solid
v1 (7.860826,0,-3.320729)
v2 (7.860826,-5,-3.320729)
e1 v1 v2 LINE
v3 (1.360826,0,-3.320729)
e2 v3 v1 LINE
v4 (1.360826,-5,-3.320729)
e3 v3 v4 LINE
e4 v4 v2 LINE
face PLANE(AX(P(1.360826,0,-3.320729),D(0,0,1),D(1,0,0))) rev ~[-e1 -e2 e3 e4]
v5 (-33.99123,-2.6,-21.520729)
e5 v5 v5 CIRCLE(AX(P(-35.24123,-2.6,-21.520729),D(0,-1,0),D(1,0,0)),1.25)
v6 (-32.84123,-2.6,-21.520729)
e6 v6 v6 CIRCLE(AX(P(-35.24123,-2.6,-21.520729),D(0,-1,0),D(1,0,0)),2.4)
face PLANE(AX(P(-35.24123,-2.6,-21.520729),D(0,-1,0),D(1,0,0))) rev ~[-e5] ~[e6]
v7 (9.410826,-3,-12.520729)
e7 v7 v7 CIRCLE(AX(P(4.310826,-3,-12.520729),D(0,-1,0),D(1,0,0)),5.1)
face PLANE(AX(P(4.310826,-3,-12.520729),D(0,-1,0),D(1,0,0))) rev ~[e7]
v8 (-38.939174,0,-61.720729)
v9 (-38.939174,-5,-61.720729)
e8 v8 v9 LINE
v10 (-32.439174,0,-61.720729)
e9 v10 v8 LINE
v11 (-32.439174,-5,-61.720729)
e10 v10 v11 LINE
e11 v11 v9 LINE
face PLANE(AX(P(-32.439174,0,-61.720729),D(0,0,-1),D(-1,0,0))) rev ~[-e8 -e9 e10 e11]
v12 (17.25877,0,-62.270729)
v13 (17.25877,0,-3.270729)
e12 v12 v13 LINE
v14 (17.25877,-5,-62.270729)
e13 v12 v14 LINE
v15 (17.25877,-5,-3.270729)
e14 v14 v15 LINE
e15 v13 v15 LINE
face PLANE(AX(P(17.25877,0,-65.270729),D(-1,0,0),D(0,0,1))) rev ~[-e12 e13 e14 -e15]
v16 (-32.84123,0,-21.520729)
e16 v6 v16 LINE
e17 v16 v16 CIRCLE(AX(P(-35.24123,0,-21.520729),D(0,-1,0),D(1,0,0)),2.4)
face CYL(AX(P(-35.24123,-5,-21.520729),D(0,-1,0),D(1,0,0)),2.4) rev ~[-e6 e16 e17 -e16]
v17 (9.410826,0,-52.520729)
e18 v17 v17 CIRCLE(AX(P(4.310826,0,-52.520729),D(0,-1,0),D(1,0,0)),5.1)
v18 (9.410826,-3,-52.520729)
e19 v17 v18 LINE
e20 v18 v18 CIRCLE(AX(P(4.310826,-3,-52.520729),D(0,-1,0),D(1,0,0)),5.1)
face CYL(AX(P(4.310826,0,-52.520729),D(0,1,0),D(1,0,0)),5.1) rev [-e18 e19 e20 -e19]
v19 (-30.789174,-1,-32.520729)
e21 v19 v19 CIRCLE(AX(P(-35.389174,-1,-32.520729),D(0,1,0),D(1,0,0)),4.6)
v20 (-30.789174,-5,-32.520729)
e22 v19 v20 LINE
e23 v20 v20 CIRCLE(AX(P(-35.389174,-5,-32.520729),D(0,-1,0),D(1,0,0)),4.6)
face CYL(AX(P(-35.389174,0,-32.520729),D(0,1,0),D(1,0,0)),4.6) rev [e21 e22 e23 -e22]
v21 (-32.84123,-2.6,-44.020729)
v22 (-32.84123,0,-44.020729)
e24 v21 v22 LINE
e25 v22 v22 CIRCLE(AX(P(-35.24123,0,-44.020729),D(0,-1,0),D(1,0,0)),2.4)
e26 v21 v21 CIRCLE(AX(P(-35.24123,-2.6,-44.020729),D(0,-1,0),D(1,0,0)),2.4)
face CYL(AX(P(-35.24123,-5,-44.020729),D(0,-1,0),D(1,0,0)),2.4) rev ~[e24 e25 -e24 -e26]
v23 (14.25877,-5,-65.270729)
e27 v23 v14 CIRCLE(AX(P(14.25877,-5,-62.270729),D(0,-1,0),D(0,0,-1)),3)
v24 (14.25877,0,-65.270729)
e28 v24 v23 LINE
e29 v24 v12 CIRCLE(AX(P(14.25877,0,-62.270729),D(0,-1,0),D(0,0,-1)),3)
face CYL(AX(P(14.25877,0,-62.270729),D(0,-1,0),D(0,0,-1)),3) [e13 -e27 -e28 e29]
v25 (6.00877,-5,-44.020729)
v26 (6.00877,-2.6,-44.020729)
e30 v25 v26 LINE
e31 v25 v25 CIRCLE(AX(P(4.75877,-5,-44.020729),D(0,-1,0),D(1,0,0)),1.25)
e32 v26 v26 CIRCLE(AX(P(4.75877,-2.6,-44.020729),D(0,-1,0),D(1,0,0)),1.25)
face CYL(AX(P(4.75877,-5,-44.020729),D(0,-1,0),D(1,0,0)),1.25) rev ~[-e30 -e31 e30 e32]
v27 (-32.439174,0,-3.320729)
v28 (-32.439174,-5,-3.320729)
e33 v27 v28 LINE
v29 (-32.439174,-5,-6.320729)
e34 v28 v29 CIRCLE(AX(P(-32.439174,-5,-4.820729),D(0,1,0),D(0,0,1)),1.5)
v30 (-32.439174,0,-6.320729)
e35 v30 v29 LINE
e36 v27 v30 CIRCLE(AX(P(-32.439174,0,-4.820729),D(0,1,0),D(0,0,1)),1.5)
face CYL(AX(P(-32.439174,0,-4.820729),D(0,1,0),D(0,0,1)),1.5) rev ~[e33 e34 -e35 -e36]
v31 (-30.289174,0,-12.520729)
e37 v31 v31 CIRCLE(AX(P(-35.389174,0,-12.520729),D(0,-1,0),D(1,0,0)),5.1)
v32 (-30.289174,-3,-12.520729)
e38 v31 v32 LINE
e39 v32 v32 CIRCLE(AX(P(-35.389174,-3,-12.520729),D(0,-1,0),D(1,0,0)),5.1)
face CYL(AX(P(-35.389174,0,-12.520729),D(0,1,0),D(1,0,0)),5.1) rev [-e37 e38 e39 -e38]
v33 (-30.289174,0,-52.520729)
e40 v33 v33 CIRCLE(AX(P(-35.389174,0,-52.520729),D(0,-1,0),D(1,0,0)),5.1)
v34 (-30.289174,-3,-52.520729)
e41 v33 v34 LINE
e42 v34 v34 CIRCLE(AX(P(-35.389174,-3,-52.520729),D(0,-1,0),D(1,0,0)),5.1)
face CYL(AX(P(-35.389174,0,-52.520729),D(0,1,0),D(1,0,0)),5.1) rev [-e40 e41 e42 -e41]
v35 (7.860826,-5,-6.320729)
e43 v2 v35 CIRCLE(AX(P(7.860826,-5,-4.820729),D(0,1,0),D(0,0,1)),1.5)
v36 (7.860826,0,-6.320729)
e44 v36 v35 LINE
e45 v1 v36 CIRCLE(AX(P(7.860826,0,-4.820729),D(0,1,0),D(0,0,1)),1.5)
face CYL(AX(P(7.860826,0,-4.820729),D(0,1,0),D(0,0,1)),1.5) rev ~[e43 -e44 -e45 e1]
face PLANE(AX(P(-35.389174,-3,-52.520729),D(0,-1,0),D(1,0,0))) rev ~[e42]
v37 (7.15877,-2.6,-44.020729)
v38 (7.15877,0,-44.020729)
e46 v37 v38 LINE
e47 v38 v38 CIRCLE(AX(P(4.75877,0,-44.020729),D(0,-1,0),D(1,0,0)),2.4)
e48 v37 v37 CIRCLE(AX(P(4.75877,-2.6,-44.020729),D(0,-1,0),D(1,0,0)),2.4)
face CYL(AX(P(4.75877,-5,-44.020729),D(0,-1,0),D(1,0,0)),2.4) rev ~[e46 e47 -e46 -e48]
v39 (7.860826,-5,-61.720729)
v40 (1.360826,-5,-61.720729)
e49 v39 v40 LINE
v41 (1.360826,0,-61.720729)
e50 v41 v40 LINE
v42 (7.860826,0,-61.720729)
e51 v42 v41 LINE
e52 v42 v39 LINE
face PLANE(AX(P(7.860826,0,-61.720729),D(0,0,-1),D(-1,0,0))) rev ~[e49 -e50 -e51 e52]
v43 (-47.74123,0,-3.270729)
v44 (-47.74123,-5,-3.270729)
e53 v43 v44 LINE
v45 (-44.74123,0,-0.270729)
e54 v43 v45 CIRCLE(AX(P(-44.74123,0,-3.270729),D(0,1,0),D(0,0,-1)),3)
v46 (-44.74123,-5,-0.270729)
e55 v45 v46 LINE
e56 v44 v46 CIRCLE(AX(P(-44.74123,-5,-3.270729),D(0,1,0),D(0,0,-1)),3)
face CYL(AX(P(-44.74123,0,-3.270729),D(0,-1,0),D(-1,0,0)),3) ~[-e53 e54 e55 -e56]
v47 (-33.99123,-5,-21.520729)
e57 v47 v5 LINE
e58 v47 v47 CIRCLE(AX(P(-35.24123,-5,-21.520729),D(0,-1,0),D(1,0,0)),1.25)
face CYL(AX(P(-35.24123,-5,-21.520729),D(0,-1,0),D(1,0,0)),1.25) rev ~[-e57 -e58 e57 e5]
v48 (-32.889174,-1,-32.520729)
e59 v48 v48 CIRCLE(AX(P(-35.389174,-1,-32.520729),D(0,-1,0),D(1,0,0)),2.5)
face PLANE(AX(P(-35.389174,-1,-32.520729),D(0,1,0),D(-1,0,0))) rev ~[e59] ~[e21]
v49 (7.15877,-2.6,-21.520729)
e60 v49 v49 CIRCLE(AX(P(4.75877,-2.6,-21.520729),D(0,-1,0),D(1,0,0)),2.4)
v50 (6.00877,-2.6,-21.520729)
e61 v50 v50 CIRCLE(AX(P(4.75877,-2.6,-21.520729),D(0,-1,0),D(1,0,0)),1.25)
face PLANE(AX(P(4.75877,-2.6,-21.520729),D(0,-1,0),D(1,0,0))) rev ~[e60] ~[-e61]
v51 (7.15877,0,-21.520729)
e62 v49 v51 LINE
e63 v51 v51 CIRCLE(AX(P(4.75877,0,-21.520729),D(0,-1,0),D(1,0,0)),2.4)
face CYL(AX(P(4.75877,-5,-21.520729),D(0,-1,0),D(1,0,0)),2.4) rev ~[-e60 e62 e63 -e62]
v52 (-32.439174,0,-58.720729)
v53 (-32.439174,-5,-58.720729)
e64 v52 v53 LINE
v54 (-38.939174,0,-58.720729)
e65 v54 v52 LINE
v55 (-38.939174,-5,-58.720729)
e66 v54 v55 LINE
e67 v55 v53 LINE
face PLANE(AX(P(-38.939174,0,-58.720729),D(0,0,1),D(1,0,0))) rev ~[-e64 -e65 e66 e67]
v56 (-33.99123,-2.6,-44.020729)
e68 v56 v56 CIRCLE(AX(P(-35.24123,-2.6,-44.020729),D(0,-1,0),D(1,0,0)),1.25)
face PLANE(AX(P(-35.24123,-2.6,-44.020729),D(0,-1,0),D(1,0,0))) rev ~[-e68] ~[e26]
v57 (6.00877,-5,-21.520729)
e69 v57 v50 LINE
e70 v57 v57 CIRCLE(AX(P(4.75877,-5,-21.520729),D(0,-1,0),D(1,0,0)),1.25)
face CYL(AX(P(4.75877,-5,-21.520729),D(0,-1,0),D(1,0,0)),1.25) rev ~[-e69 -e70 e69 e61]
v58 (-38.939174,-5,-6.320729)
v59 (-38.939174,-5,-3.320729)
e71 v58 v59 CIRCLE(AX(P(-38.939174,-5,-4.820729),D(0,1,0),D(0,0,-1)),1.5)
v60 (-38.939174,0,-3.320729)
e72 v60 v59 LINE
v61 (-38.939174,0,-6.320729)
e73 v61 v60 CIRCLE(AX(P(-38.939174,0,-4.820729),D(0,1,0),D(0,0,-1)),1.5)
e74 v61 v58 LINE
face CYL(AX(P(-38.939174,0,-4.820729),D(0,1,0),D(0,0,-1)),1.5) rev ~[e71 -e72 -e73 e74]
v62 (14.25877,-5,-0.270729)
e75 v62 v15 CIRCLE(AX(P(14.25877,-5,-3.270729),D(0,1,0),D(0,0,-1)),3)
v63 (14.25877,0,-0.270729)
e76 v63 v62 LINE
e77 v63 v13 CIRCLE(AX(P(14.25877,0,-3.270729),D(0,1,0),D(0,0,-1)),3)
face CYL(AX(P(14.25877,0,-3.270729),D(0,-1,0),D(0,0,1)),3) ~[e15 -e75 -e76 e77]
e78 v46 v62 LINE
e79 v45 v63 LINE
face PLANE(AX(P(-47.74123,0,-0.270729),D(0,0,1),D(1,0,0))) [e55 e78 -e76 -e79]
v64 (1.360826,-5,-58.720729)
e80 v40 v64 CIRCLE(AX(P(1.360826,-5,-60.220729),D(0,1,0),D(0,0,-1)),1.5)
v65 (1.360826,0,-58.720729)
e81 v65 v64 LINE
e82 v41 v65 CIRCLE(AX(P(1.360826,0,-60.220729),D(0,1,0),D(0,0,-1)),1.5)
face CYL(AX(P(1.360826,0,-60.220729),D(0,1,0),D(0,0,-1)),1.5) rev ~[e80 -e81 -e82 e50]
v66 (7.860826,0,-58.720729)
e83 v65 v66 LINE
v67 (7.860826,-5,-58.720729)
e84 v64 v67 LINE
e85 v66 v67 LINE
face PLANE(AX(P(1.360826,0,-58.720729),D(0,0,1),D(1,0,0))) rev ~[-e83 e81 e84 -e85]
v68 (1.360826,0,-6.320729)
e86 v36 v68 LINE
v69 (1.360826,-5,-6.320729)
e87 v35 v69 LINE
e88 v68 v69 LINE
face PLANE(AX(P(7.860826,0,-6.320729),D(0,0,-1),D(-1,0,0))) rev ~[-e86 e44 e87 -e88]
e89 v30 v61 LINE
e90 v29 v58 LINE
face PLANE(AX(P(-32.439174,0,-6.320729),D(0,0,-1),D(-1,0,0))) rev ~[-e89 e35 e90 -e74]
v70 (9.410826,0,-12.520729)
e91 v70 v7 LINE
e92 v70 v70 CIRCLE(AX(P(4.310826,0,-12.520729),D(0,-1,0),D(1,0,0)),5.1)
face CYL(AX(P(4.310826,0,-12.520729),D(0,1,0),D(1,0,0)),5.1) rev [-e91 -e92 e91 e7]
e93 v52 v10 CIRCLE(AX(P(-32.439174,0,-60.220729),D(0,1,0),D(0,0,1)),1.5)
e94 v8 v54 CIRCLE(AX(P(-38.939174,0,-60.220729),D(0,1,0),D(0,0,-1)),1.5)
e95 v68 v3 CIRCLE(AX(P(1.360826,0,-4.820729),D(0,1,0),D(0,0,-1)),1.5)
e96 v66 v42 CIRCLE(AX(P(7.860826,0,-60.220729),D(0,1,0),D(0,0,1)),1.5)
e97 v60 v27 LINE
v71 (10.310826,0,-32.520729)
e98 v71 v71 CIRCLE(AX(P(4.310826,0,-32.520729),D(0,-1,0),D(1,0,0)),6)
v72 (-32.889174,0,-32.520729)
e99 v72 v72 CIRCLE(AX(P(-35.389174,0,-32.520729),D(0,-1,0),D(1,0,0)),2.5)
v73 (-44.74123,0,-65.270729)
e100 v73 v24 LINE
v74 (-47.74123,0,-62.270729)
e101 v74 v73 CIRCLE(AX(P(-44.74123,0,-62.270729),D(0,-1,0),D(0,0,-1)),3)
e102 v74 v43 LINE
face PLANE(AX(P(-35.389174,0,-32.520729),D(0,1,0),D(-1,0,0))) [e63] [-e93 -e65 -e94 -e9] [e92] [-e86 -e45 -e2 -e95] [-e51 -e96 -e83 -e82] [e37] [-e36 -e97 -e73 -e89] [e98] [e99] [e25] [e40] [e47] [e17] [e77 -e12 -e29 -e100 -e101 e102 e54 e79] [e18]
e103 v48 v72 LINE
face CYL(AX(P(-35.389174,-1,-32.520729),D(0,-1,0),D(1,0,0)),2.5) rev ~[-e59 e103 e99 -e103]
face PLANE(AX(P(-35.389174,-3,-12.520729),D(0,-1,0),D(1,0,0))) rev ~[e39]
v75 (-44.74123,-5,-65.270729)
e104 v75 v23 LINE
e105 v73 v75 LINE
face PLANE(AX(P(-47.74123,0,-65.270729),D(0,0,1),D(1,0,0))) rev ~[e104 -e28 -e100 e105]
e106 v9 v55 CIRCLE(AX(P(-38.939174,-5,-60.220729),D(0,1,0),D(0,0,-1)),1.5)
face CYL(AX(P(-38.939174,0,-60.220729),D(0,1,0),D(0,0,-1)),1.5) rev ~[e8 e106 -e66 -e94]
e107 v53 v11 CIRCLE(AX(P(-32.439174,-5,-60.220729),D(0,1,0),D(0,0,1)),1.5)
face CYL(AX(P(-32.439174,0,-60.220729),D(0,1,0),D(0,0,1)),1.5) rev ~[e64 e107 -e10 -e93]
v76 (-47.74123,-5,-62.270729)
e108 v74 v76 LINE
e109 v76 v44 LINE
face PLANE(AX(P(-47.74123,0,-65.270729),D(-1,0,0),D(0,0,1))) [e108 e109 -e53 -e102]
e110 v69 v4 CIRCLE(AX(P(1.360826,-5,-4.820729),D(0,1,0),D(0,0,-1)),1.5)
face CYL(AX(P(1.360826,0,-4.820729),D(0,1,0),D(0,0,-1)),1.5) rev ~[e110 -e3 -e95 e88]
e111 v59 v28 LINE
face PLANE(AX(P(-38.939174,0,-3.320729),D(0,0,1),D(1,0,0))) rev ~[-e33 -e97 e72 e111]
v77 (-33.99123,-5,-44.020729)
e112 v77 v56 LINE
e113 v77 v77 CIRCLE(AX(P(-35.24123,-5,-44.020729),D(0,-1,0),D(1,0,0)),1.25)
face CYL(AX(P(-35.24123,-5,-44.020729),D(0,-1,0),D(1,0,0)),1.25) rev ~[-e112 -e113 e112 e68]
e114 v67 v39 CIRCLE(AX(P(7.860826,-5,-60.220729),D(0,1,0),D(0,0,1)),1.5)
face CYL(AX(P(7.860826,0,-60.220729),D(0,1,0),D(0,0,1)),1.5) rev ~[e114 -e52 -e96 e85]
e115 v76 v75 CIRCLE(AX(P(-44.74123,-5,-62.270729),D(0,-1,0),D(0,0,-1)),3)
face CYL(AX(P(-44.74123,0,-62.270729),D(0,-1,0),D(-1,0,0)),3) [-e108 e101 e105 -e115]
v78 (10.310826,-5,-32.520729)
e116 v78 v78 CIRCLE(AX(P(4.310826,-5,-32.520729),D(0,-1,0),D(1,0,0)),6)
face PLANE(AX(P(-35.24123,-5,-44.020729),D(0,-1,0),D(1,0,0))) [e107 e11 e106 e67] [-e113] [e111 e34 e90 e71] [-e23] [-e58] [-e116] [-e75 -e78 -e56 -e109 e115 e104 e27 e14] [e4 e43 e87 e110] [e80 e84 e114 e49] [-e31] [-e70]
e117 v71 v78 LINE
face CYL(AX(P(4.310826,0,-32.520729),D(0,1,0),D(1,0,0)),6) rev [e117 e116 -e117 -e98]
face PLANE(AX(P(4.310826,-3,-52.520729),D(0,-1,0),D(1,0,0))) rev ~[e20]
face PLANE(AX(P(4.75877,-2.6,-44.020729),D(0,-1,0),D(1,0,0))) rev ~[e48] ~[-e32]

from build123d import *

# Parameters (mm, degrees)
CROQUIS1_W              = 65
CROQUIS1_H              = 65
CROQUIS1_R              = 5.1
CROQUIS1_R_2            = 6
CROQUIS1_R_3            = 4.6
SALIENTE_EXTRUIR1_DEPTH = 5
REDONDEO2_R             = 3
CROQUIS2_R              = 4.6
SALIENTE_EXTRUIR2_DEPTH = 1
CROQUIS3_R              = 2.5
CORTAR_EXTRUIR1_DEPTH   = 1
CROQUIS4_R              = 2.4
CORTAR_EXTRUIR2_DEPTH   = 10
CROQUIS5_R              = 2.4
CROQUIS5_R_2            = 1.25
SALIENTE_EXTRUIR3_DEPTH = 2.4
SALIENTE_EXTRUIR4_START = -2
CROQUIS6_R              = 5.1
SALIENTE_EXTRUIR4_DEPTH = 2


with BuildPart() as part:
    # Croquis1 → Saliente-Extruir1 (new body)
    with BuildSketch(Plane.XZ):
        with Locations((-15.241230111, -32.770729042)):
            Rectangle(CROQUIS1_W, CROQUIS1_H)
        with Locations((-35.389174066, -12.520729042)):
            Circle(CROQUIS1_R, mode=Mode.SUBTRACT)
        with Locations((4.310825934, -12.520729042)):
            Circle(CROQUIS1_R, mode=Mode.SUBTRACT)
        with Locations((-35.389174066, -52.520729042)):
            Circle(CROQUIS1_R, mode=Mode.SUBTRACT)
        with Locations((4.310825934, -52.520729042)):
            Circle(CROQUIS1_R, mode=Mode.SUBTRACT)
        with Locations((4.310825934, -32.520729042)):
            Circle(CROQUIS1_R_2, mode=Mode.SUBTRACT)
        with Locations((-35.389174066, -32.520729042)):
            Circle(CROQUIS1_R_3, mode=Mode.SUBTRACT)
        with BuildLine():
            Line((-32.439174066, -6.320729042), (-38.939173538, -6.320729042))
            ThreePointArc((-38.939173538, -6.320729042), (-40.439173538, -4.820729042), (-38.939173538, -3.320729042))
            Line((-38.939173538, -3.320729042), (-32.439174066, -3.320729042))
            ThreePointArc((-32.439174066, -3.320729042), (-30.939174066, -4.820729042), (-32.439174066, -6.320729042))
        make_face(mode=Mode.SUBTRACT)
        with BuildLine():
            Line((7.860825934, -6.320729042), (1.360825562, -6.320729042))
            ThreePointArc((1.360825562, -6.320729042), (-0.139174438, -4.820729042), (1.360825562, -3.320729042))
            Line((1.360825562, -3.320729042), (7.860825934, -3.320729042))
            ThreePointArc((7.860825934, -3.320729042), (9.360825934, -4.820729042), (7.860825934, -6.320729042))
        make_face(mode=Mode.SUBTRACT)
        with BuildLine():
            Line((-38.939173538, -58.720729042), (-32.439174066, -58.720729042))
            ThreePointArc((-32.439174066, -58.720729042), (-30.939174066, -60.220729042), (-32.439174066, -61.720729042))
            Line((-32.439174066, -61.720729042), (-38.939173538, -61.720729042))
            ThreePointArc((-38.939173538, -61.720729042), (-40.439173538, -60.220729042), (-38.939173538, -58.720729042))
        make_face(mode=Mode.SUBTRACT)
        with BuildLine():
            Line((7.860825934, -61.720729042), (1.360825562, -61.720729042))
            ThreePointArc((1.360825562, -61.720729042), (-0.139174438, -60.220729042), (1.360825562, -58.720729042))
            Line((1.360825562, -58.720729042), (7.860825934, -58.720729042))
            ThreePointArc((7.860825934, -58.720729042), (9.360825934, -60.220729042), (7.860825934, -61.720729042))
        make_face(mode=Mode.SUBTRACT)
    extrude(amount=SALIENTE_EXTRUIR1_DEPTH)

    # Redondeo2
    redondeo2_edges = [part.edges().sort_by_distance(p)[0] for p in [
        (-47.741230111, -2.5, -0.270729042),
        (17.258769889, -2.5, -0.270729042),
        (17.258769889, -2.5, -65.270729042),
        (-47.741230111, -2.5, -65.270729042),
    ]]
    fillet(redondeo2_edges, radius=REDONDEO2_R)

    # Croquis2 → Saliente-Extruir2 (add)
    with BuildSketch(Plane(origin=(0, 0, 0), x_dir=(1, 0, 0), z_dir=(0, 1, 0))):
        with Locations(Location((-35.389174066, 32.520729042, 0), (0, 0, 180))):
            Circle(CROQUIS2_R)
    extrude(amount=-SALIENTE_EXTRUIR2_DEPTH)

    # Croquis3 → Cortar-Extruir1 (cut)
    with BuildSketch(Plane.XZ.offset(1)):
        with Locations((-35.389174066, -32.520729042)):
            Circle(CROQUIS3_R)
    extrude(amount=-CORTAR_EXTRUIR1_DEPTH, mode=Mode.SUBTRACT)

    # Croquis4 → Cortar-Extruir2 (cut)
    with BuildSketch(Plane.XZ.offset(5)):
        with Locations((-35.241230111, -44.020729042)):
            Circle(CROQUIS4_R)
        with Locations((-35.241230111, -21.520729042)):
            Circle(CROQUIS4_R)
        with Locations((4.758769889, -21.520729042)):
            Circle(CROQUIS4_R)
        with Locations((4.758769889, -44.020729042)):
            Circle(CROQUIS4_R)
    extrude(amount=-CORTAR_EXTRUIR2_DEPTH, mode=Mode.SUBTRACT)

    # Croquis5 → Saliente-Extruir3 (add)
    # profile 1 of 4: a face of its own
    with BuildSketch(Plane.XZ.offset(5)):
        with Locations((-35.241230111, -44.020729042)):
            Circle(CROQUIS5_R)
        with Locations((-35.241230111, -44.020729042)):
            Circle(CROQUIS5_R_2, mode=Mode.SUBTRACT)
    # profile 2 of 4: a face of its own
    with BuildSketch(Plane.XZ.offset(5)):
        with Locations((-35.241230111, -21.520729042)):
            Circle(CROQUIS5_R)
        with Locations((-35.241230111, -21.520729042)):
            Circle(CROQUIS5_R_2, mode=Mode.SUBTRACT)
    # profile 3 of 4: a face of its own
    with BuildSketch(Plane.XZ.offset(5)):
        with Locations((4.758769889, -21.520729042)):
            Circle(CROQUIS5_R)
        with Locations((4.758769889, -21.520729042)):
            Circle(CROQUIS5_R_2, mode=Mode.SUBTRACT)
    # profile 4 of 4: a face of its own
    with BuildSketch(Plane.XZ.offset(5)):
        with Locations((4.758769889, -44.020729042)):
            Circle(CROQUIS5_R)
        with Locations((4.758769889, -44.020729042)):
            Circle(CROQUIS5_R_2, mode=Mode.SUBTRACT)
    extrude(amount=-SALIENTE_EXTRUIR3_DEPTH)

    # Croquis6 → Saliente-Extruir4 (add)
    with BuildSketch(Plane.XZ.offset(5).offset(SALIENTE_EXTRUIR4_START)):
        with Locations((-35.389174066, -52.520729042)):
            Circle(CROQUIS6_R)
        with Locations((4.310825934, -52.520729042)):
            Circle(CROQUIS6_R)
        with Locations((4.310825934, -12.520729042)):
            Circle(CROQUIS6_R)
        with Locations((-35.389174066, -12.520729042)):
            Circle(CROQUIS6_R)
    extrude(amount=SALIENTE_EXTRUIR4_DEPTH)


solid = part.part
